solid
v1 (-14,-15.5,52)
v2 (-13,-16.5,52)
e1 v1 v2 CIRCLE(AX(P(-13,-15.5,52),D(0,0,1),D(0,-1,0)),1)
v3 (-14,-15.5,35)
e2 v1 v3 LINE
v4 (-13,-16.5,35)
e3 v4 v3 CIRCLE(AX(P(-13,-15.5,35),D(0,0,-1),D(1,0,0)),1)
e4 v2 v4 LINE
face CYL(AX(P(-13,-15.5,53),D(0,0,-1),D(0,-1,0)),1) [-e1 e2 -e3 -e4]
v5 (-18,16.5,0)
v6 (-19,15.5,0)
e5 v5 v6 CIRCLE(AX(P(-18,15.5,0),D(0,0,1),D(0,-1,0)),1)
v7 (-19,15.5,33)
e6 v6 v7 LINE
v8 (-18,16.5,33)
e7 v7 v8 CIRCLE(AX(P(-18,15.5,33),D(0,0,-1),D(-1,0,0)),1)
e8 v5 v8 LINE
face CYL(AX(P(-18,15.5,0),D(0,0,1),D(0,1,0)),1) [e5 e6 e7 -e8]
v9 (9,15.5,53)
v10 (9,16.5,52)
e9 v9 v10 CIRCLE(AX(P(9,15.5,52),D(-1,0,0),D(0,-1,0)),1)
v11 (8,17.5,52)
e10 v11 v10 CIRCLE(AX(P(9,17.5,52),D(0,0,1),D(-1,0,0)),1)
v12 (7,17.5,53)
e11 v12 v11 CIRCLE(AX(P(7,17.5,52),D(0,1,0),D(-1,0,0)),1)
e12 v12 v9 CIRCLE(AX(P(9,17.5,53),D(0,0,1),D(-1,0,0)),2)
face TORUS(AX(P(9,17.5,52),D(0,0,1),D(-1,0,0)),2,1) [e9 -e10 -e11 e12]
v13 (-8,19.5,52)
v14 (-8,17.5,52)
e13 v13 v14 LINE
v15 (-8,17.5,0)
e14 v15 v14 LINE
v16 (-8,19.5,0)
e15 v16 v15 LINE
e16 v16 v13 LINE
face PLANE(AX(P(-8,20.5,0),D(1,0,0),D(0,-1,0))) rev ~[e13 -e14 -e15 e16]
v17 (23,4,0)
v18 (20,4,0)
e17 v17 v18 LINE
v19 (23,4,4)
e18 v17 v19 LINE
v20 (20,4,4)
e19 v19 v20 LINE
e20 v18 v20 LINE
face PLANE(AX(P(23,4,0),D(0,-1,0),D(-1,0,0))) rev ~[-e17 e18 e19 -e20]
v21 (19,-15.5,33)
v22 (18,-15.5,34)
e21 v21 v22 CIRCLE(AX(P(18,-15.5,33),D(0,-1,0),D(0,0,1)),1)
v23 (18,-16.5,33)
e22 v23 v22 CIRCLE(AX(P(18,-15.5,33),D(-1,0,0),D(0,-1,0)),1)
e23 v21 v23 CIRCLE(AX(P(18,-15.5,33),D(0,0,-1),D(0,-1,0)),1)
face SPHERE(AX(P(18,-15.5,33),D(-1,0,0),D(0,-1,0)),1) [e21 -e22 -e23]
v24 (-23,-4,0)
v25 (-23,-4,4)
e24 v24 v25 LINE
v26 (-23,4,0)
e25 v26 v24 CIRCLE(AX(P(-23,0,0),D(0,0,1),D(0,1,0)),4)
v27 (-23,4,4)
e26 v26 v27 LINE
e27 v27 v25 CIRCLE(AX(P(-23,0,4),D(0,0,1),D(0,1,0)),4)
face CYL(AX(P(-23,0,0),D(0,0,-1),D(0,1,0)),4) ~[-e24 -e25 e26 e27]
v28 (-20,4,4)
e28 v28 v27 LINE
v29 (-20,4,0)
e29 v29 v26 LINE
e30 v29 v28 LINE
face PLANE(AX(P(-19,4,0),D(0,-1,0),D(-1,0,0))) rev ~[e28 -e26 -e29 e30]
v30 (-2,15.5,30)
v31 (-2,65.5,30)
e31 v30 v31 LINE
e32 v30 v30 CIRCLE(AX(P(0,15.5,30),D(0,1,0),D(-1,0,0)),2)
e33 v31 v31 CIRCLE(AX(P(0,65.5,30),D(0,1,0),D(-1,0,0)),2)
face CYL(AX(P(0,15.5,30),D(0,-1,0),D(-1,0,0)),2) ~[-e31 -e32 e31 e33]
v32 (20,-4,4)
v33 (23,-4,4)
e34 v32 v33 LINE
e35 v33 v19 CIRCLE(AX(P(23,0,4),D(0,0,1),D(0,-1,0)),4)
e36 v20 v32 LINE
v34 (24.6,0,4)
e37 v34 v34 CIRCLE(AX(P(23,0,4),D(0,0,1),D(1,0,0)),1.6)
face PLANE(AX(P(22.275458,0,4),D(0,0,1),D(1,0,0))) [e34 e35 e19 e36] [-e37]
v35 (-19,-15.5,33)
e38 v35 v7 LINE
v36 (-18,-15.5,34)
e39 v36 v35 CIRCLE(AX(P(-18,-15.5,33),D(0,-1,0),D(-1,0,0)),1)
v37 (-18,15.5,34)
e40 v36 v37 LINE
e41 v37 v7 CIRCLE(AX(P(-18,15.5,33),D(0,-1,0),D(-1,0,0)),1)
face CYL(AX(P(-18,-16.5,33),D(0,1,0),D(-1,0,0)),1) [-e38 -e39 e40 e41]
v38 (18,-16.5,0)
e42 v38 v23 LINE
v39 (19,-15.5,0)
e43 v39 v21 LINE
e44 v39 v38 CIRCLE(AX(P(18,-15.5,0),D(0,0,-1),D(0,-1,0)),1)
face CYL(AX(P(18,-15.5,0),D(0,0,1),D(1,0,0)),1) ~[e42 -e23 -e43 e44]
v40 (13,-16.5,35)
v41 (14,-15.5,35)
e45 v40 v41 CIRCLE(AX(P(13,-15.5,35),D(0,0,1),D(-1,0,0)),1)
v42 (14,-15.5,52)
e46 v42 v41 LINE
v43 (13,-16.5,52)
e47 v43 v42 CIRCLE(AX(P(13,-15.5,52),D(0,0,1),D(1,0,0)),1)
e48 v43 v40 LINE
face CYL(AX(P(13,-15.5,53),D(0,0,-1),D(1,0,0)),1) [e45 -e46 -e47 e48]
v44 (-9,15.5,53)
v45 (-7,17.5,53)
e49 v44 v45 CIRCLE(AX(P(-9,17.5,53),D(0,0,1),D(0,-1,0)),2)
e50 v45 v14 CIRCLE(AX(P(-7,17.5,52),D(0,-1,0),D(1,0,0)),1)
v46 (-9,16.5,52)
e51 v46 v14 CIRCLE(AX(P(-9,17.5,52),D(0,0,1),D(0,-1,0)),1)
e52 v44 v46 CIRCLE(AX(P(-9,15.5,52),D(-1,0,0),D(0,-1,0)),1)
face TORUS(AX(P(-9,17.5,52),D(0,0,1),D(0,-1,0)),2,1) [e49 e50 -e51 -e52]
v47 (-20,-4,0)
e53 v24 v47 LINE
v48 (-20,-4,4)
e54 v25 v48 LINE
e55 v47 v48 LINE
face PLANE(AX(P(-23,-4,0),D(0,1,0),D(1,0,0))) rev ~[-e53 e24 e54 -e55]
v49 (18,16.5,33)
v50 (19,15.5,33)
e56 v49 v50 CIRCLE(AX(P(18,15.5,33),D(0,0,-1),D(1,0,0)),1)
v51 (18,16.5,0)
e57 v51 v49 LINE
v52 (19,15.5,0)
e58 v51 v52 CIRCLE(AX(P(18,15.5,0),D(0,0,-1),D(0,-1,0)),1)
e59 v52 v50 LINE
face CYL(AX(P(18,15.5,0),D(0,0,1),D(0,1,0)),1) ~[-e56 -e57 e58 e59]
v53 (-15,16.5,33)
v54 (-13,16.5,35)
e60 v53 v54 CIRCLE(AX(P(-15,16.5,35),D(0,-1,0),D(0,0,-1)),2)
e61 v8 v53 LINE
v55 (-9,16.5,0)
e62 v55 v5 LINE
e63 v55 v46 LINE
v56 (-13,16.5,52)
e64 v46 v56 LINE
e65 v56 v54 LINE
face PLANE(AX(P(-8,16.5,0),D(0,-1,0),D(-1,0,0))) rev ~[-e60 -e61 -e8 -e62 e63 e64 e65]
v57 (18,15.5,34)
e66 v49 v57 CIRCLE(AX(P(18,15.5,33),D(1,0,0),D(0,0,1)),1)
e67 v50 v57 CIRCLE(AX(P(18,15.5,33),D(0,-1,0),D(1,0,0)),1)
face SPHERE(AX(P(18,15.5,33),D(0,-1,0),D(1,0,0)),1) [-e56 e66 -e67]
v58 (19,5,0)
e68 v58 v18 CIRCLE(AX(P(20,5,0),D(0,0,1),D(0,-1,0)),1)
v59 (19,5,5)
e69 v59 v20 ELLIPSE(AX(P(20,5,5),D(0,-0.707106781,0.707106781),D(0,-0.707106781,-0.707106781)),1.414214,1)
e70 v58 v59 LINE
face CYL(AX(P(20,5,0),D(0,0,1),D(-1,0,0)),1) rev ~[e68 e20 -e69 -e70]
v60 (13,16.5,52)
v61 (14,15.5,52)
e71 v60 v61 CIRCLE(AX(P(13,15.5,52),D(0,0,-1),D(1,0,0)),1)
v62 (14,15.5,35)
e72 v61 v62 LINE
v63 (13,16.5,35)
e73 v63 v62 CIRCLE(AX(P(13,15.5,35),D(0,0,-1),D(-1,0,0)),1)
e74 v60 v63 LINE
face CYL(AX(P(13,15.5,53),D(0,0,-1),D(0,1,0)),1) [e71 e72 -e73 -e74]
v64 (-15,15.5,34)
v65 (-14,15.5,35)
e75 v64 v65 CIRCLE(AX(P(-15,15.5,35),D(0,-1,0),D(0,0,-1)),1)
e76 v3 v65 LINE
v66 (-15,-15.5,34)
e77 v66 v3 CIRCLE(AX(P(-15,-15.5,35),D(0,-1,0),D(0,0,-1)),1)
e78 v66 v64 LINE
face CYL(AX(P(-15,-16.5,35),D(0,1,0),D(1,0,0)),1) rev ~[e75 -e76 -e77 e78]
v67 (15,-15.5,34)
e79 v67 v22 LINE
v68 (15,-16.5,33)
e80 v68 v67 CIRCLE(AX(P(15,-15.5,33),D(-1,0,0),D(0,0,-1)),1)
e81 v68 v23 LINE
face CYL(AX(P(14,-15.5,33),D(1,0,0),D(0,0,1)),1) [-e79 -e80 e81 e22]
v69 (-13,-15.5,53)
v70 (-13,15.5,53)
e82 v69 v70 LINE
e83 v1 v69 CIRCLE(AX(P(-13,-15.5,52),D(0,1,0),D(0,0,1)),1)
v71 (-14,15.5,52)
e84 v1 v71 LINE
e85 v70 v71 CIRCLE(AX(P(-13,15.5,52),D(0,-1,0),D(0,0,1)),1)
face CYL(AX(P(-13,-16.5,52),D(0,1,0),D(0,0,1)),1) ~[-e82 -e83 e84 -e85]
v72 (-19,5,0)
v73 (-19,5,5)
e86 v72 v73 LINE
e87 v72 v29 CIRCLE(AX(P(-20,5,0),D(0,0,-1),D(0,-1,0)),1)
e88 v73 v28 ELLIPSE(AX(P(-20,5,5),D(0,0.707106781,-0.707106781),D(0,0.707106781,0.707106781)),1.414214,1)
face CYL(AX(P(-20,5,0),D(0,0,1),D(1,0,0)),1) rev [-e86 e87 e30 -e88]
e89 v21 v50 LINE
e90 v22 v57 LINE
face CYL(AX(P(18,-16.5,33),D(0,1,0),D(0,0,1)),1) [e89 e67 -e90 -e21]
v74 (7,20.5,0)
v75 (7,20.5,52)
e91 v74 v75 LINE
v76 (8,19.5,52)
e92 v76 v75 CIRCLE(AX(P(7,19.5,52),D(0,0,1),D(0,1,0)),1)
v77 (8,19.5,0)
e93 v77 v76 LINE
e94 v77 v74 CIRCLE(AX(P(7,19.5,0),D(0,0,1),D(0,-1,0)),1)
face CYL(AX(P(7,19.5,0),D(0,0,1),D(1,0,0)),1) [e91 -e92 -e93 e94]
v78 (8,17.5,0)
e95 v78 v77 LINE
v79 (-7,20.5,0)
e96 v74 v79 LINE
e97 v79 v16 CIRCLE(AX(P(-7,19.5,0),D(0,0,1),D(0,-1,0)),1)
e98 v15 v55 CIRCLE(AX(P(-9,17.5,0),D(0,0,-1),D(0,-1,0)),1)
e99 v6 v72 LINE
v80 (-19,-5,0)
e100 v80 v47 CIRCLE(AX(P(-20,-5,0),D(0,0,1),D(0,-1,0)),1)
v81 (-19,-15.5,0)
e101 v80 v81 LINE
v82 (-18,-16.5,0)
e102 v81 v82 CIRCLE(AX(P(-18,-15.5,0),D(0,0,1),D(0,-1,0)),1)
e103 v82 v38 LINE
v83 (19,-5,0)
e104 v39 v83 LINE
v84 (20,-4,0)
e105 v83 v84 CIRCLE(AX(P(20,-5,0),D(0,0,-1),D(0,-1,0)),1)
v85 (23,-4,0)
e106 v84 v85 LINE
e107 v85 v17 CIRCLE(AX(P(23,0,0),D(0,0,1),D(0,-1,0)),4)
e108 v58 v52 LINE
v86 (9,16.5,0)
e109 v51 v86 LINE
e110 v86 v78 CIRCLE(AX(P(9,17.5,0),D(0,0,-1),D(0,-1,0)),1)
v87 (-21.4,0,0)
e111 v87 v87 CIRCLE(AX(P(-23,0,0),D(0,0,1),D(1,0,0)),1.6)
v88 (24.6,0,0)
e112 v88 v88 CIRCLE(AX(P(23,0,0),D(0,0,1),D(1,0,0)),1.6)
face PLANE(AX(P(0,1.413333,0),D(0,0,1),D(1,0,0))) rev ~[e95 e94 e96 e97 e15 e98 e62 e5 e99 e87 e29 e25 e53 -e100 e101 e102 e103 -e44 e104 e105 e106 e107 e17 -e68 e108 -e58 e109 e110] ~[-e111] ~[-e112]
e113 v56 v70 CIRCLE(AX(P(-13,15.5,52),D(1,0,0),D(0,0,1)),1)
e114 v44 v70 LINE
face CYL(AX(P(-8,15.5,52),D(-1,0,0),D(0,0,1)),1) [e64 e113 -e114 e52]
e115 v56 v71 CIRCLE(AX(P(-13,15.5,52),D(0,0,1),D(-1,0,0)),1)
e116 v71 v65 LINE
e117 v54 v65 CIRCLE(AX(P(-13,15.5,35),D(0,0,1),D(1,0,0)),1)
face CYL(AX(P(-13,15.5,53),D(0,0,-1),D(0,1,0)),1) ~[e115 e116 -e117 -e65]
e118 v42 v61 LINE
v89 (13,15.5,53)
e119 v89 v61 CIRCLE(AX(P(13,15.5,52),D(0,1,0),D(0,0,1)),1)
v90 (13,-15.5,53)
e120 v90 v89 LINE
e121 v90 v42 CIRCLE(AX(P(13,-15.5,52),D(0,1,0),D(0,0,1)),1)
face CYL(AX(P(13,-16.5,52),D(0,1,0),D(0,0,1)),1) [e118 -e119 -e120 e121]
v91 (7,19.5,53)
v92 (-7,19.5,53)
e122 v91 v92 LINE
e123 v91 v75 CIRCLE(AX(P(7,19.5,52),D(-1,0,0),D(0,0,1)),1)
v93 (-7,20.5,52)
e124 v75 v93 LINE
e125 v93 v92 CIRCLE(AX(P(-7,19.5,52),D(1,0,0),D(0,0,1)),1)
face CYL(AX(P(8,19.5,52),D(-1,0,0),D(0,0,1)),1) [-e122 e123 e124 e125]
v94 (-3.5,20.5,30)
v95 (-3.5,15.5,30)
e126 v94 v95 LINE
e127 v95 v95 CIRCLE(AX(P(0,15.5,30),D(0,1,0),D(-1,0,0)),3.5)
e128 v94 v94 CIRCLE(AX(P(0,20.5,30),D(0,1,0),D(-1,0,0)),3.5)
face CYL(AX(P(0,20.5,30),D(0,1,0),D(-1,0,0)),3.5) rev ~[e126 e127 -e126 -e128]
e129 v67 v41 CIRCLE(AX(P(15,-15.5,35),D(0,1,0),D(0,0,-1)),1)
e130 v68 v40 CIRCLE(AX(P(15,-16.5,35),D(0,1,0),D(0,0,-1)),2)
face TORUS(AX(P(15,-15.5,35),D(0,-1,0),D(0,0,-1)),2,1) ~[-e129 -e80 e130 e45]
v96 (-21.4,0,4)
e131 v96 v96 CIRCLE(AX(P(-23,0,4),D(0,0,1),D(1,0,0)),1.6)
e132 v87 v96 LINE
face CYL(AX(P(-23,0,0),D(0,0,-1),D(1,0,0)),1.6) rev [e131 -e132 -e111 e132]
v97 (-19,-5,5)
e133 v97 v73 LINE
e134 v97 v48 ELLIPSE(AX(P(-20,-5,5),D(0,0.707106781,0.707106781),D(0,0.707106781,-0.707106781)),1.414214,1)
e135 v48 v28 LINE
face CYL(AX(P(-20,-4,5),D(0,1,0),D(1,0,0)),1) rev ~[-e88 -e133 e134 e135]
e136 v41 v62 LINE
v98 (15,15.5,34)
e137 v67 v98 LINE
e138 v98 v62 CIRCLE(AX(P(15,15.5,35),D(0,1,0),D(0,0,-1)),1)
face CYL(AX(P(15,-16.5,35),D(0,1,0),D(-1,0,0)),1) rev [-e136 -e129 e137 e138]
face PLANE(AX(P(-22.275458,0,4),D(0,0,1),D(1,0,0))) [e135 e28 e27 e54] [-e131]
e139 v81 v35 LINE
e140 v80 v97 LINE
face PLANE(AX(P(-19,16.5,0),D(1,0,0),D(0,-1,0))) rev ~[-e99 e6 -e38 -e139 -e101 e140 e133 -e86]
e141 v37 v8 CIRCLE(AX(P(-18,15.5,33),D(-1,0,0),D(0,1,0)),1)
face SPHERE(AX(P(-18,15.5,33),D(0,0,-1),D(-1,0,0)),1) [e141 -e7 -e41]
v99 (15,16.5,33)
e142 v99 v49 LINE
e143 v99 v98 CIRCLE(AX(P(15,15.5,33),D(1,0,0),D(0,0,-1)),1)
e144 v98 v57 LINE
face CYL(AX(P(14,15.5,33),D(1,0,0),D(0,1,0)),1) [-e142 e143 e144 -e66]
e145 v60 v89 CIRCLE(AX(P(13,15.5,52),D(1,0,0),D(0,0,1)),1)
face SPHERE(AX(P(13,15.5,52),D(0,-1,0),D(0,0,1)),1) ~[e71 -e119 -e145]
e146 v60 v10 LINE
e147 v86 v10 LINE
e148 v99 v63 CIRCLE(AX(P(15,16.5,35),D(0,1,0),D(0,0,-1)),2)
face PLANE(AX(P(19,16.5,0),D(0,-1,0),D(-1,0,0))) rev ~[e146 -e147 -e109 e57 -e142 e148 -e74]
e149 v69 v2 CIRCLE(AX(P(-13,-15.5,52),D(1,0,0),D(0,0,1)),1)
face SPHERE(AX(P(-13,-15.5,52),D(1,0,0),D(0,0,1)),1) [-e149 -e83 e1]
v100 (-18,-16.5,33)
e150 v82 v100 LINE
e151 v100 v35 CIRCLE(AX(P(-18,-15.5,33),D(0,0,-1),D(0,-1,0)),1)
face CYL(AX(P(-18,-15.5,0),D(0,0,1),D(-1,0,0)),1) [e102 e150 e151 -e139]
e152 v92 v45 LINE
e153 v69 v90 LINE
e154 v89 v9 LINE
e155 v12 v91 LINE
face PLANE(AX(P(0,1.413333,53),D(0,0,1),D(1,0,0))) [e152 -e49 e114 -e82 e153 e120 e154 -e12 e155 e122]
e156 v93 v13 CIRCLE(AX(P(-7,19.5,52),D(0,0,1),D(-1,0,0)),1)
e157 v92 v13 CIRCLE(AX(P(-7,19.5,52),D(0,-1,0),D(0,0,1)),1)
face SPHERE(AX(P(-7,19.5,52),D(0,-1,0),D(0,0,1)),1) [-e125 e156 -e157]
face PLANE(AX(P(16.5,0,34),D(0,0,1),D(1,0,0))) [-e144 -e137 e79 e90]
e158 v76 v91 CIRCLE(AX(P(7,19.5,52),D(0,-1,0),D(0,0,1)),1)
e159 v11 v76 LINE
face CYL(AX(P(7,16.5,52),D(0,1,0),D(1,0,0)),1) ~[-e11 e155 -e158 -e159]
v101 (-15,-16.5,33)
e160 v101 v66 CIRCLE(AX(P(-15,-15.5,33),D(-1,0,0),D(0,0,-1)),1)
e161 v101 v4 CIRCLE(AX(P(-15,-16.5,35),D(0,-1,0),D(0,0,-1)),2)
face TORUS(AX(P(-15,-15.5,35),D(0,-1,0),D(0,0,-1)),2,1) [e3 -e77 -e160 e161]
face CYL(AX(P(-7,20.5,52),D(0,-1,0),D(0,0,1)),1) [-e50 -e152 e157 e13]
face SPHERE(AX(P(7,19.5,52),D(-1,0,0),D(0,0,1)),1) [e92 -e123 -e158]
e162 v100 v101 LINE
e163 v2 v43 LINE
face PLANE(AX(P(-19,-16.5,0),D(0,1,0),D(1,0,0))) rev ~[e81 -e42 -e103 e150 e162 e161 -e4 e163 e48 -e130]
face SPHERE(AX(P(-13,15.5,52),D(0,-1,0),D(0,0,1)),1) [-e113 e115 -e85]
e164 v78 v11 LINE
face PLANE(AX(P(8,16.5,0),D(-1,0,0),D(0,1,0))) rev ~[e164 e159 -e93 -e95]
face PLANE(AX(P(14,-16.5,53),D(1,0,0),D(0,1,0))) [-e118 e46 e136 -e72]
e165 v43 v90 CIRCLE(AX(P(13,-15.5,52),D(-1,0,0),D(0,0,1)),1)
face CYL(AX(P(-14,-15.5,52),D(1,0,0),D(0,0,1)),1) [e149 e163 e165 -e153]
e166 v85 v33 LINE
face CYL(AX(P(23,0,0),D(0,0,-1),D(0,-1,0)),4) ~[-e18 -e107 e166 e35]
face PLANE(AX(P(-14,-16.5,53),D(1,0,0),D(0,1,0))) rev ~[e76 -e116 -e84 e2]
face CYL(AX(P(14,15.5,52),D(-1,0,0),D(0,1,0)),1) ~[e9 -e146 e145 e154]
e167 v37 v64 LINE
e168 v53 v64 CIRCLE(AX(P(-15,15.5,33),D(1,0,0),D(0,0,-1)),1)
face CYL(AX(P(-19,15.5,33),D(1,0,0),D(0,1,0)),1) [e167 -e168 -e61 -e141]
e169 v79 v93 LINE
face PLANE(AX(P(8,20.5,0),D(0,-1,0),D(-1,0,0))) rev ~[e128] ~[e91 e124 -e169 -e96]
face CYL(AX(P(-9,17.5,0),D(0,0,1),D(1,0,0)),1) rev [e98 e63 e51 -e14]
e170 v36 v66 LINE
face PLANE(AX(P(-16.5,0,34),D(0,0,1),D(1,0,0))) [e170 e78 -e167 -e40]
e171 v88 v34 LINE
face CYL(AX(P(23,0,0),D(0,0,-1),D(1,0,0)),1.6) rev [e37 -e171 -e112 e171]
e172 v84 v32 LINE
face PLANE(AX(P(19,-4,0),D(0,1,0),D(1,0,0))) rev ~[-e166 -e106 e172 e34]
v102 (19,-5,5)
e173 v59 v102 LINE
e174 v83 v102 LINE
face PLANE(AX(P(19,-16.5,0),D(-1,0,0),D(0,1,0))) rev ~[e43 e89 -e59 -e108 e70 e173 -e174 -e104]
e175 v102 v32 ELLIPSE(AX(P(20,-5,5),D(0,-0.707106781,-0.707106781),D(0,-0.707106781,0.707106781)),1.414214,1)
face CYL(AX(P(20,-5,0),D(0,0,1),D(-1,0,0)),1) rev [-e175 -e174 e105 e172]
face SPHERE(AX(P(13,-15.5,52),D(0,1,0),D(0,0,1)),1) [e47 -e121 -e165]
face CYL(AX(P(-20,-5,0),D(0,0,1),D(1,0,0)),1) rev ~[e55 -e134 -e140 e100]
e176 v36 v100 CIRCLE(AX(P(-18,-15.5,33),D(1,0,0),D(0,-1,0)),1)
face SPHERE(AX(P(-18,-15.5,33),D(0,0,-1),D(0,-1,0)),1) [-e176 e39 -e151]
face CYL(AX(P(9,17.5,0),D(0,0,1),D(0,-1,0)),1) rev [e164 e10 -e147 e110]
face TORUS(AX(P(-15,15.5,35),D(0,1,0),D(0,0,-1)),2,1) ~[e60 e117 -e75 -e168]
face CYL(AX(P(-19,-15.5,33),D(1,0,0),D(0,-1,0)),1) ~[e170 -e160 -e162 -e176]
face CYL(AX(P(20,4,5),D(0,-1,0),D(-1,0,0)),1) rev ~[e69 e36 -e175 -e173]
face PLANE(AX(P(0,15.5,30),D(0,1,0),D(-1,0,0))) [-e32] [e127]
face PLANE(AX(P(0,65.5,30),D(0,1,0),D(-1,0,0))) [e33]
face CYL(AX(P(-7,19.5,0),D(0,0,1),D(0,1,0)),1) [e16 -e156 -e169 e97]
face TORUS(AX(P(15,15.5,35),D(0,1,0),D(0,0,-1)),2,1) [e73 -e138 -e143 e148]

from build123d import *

# Parameters (mm, degrees)
F1_DEPTH = 53
F2_W     = 5
F2_H     = 33
F3_DEPTH = 19
F4_R     = 3.5
F5_DEPTH = 5
F0_R     = 1.6
F6_DEPTH = 4
F7_R     = 2
F8_DEPTH = 50
F9_R     = 1


with BuildPart() as f1:
    # F0 (on Top) → F1 (new body)
    with BuildSketch(Plane.XY):
        Polygon((19, 4), (19, 16.5), (8, 16.5), (8, 20.5), (0, 20.5), (-8, 20.5), (-8, 16.5), (-19, 16.5), (-19, 4), (-19, -4), (-19, -16.5), (19, -16.5), (19, -4), align=None)
    extrude(amount=F1_DEPTH)

    # F2 (on face) → F3 (cut)
    with BuildSketch(Plane.XY.offset(53)):
        with Locations((-16.5, 0)):
            Rectangle(F2_W, F2_H)
        with Locations((16.5, 0)):
            Rectangle(F2_W, F2_H)
    extrude(amount=-F3_DEPTH, mode=Mode.SUBTRACT)

    # F4 (on face) → F5 (cut)
    with BuildSketch(Plane(origin=(0, 20.5, 0), x_dir=(-1, 0, 0), z_dir=(0, 1, 0))):
        with Locations((0, 30)):
            Circle(F4_R)
    extrude(amount=-F5_DEPTH, mode=Mode.SUBTRACT)

    # F0 (on Top) → F6 (join)
    with BuildSketch(Plane.XY):
        with BuildLine():
            Line((-23, -4), (-19, -4))
            Line((-19, -4), (-19, 4))
            Line((-19, 4), (-23, 4))
            ThreePointArc((-23, 4), (-27, 0), (-23, -4))
        make_face()
        with Locations((-23, 0)):
            Circle(F0_R, mode=Mode.SUBTRACT)
        with BuildLine():
            Line((23, 4), (19, 4))
            Line((19, 4), (19, -4))
            Line((19, -4), (23, -4))
            ThreePointArc((23, -4), (27, 0), (23, 4))
        make_face()
        with Locations((23, 0)):
            Circle(F0_R, mode=Mode.SUBTRACT)
    extrude(amount=F6_DEPTH)

    # F7 (on face) → F8 (join)
    with BuildSketch(Plane(origin=(0, 15.5, 0), x_dir=(-1, 0, 0), z_dir=(0, 1, 0))):
        with Locations((0, 30)):
            Circle(F7_R)
    extrude(amount=F8_DEPTH)

    # F9
    f9_edges = [f1.edges().sort_by_distance(p)[0] for p in [
        (14, 0, 53),
        (0, -16.5, 53),
        (-14, 0, 53),
        (-11, 16.5, 53),
        (-8, 18.5, 53),
        (0, 20.5, 53),
        (8, 18.5, 53),
        (11, 16.5, 53),
        (-14, -16.5, 43.5),
        (-14, 16.5, 43.5),
        (-14, 0, 34),
        (14, 16.5, 43.5),
        (14, -16.5, 43.5),
        (14, 0, 34),
        (-19, -16.5, 17),
        (-16.5, -16.5, 34),
        (16.5, -16.5, 34),
        (19, -16.5, 17),
        (19, 0, 34),
        (19, 16.5, 17),
        (19, 0, 4),
        (19, -4, 2),
        (19, 4, 2),
        (8, 16.5, 26.5),
        (8, 20.5, 26.5),
        (-8, 20.5, 26.5),
        (-19, 16.5, 17),
        (-8, 16.5, 26.5),
        (-19, 0, 34),
        (-19, 4, 2),
        (-19, 0, 4),
        (-19, -4, 2),
        (16.5, 16.5, 34),
        (-16.5, 16.5, 34),
    ]]
    fillet(f9_edges, radius=F9_R)


solid = f1.part
